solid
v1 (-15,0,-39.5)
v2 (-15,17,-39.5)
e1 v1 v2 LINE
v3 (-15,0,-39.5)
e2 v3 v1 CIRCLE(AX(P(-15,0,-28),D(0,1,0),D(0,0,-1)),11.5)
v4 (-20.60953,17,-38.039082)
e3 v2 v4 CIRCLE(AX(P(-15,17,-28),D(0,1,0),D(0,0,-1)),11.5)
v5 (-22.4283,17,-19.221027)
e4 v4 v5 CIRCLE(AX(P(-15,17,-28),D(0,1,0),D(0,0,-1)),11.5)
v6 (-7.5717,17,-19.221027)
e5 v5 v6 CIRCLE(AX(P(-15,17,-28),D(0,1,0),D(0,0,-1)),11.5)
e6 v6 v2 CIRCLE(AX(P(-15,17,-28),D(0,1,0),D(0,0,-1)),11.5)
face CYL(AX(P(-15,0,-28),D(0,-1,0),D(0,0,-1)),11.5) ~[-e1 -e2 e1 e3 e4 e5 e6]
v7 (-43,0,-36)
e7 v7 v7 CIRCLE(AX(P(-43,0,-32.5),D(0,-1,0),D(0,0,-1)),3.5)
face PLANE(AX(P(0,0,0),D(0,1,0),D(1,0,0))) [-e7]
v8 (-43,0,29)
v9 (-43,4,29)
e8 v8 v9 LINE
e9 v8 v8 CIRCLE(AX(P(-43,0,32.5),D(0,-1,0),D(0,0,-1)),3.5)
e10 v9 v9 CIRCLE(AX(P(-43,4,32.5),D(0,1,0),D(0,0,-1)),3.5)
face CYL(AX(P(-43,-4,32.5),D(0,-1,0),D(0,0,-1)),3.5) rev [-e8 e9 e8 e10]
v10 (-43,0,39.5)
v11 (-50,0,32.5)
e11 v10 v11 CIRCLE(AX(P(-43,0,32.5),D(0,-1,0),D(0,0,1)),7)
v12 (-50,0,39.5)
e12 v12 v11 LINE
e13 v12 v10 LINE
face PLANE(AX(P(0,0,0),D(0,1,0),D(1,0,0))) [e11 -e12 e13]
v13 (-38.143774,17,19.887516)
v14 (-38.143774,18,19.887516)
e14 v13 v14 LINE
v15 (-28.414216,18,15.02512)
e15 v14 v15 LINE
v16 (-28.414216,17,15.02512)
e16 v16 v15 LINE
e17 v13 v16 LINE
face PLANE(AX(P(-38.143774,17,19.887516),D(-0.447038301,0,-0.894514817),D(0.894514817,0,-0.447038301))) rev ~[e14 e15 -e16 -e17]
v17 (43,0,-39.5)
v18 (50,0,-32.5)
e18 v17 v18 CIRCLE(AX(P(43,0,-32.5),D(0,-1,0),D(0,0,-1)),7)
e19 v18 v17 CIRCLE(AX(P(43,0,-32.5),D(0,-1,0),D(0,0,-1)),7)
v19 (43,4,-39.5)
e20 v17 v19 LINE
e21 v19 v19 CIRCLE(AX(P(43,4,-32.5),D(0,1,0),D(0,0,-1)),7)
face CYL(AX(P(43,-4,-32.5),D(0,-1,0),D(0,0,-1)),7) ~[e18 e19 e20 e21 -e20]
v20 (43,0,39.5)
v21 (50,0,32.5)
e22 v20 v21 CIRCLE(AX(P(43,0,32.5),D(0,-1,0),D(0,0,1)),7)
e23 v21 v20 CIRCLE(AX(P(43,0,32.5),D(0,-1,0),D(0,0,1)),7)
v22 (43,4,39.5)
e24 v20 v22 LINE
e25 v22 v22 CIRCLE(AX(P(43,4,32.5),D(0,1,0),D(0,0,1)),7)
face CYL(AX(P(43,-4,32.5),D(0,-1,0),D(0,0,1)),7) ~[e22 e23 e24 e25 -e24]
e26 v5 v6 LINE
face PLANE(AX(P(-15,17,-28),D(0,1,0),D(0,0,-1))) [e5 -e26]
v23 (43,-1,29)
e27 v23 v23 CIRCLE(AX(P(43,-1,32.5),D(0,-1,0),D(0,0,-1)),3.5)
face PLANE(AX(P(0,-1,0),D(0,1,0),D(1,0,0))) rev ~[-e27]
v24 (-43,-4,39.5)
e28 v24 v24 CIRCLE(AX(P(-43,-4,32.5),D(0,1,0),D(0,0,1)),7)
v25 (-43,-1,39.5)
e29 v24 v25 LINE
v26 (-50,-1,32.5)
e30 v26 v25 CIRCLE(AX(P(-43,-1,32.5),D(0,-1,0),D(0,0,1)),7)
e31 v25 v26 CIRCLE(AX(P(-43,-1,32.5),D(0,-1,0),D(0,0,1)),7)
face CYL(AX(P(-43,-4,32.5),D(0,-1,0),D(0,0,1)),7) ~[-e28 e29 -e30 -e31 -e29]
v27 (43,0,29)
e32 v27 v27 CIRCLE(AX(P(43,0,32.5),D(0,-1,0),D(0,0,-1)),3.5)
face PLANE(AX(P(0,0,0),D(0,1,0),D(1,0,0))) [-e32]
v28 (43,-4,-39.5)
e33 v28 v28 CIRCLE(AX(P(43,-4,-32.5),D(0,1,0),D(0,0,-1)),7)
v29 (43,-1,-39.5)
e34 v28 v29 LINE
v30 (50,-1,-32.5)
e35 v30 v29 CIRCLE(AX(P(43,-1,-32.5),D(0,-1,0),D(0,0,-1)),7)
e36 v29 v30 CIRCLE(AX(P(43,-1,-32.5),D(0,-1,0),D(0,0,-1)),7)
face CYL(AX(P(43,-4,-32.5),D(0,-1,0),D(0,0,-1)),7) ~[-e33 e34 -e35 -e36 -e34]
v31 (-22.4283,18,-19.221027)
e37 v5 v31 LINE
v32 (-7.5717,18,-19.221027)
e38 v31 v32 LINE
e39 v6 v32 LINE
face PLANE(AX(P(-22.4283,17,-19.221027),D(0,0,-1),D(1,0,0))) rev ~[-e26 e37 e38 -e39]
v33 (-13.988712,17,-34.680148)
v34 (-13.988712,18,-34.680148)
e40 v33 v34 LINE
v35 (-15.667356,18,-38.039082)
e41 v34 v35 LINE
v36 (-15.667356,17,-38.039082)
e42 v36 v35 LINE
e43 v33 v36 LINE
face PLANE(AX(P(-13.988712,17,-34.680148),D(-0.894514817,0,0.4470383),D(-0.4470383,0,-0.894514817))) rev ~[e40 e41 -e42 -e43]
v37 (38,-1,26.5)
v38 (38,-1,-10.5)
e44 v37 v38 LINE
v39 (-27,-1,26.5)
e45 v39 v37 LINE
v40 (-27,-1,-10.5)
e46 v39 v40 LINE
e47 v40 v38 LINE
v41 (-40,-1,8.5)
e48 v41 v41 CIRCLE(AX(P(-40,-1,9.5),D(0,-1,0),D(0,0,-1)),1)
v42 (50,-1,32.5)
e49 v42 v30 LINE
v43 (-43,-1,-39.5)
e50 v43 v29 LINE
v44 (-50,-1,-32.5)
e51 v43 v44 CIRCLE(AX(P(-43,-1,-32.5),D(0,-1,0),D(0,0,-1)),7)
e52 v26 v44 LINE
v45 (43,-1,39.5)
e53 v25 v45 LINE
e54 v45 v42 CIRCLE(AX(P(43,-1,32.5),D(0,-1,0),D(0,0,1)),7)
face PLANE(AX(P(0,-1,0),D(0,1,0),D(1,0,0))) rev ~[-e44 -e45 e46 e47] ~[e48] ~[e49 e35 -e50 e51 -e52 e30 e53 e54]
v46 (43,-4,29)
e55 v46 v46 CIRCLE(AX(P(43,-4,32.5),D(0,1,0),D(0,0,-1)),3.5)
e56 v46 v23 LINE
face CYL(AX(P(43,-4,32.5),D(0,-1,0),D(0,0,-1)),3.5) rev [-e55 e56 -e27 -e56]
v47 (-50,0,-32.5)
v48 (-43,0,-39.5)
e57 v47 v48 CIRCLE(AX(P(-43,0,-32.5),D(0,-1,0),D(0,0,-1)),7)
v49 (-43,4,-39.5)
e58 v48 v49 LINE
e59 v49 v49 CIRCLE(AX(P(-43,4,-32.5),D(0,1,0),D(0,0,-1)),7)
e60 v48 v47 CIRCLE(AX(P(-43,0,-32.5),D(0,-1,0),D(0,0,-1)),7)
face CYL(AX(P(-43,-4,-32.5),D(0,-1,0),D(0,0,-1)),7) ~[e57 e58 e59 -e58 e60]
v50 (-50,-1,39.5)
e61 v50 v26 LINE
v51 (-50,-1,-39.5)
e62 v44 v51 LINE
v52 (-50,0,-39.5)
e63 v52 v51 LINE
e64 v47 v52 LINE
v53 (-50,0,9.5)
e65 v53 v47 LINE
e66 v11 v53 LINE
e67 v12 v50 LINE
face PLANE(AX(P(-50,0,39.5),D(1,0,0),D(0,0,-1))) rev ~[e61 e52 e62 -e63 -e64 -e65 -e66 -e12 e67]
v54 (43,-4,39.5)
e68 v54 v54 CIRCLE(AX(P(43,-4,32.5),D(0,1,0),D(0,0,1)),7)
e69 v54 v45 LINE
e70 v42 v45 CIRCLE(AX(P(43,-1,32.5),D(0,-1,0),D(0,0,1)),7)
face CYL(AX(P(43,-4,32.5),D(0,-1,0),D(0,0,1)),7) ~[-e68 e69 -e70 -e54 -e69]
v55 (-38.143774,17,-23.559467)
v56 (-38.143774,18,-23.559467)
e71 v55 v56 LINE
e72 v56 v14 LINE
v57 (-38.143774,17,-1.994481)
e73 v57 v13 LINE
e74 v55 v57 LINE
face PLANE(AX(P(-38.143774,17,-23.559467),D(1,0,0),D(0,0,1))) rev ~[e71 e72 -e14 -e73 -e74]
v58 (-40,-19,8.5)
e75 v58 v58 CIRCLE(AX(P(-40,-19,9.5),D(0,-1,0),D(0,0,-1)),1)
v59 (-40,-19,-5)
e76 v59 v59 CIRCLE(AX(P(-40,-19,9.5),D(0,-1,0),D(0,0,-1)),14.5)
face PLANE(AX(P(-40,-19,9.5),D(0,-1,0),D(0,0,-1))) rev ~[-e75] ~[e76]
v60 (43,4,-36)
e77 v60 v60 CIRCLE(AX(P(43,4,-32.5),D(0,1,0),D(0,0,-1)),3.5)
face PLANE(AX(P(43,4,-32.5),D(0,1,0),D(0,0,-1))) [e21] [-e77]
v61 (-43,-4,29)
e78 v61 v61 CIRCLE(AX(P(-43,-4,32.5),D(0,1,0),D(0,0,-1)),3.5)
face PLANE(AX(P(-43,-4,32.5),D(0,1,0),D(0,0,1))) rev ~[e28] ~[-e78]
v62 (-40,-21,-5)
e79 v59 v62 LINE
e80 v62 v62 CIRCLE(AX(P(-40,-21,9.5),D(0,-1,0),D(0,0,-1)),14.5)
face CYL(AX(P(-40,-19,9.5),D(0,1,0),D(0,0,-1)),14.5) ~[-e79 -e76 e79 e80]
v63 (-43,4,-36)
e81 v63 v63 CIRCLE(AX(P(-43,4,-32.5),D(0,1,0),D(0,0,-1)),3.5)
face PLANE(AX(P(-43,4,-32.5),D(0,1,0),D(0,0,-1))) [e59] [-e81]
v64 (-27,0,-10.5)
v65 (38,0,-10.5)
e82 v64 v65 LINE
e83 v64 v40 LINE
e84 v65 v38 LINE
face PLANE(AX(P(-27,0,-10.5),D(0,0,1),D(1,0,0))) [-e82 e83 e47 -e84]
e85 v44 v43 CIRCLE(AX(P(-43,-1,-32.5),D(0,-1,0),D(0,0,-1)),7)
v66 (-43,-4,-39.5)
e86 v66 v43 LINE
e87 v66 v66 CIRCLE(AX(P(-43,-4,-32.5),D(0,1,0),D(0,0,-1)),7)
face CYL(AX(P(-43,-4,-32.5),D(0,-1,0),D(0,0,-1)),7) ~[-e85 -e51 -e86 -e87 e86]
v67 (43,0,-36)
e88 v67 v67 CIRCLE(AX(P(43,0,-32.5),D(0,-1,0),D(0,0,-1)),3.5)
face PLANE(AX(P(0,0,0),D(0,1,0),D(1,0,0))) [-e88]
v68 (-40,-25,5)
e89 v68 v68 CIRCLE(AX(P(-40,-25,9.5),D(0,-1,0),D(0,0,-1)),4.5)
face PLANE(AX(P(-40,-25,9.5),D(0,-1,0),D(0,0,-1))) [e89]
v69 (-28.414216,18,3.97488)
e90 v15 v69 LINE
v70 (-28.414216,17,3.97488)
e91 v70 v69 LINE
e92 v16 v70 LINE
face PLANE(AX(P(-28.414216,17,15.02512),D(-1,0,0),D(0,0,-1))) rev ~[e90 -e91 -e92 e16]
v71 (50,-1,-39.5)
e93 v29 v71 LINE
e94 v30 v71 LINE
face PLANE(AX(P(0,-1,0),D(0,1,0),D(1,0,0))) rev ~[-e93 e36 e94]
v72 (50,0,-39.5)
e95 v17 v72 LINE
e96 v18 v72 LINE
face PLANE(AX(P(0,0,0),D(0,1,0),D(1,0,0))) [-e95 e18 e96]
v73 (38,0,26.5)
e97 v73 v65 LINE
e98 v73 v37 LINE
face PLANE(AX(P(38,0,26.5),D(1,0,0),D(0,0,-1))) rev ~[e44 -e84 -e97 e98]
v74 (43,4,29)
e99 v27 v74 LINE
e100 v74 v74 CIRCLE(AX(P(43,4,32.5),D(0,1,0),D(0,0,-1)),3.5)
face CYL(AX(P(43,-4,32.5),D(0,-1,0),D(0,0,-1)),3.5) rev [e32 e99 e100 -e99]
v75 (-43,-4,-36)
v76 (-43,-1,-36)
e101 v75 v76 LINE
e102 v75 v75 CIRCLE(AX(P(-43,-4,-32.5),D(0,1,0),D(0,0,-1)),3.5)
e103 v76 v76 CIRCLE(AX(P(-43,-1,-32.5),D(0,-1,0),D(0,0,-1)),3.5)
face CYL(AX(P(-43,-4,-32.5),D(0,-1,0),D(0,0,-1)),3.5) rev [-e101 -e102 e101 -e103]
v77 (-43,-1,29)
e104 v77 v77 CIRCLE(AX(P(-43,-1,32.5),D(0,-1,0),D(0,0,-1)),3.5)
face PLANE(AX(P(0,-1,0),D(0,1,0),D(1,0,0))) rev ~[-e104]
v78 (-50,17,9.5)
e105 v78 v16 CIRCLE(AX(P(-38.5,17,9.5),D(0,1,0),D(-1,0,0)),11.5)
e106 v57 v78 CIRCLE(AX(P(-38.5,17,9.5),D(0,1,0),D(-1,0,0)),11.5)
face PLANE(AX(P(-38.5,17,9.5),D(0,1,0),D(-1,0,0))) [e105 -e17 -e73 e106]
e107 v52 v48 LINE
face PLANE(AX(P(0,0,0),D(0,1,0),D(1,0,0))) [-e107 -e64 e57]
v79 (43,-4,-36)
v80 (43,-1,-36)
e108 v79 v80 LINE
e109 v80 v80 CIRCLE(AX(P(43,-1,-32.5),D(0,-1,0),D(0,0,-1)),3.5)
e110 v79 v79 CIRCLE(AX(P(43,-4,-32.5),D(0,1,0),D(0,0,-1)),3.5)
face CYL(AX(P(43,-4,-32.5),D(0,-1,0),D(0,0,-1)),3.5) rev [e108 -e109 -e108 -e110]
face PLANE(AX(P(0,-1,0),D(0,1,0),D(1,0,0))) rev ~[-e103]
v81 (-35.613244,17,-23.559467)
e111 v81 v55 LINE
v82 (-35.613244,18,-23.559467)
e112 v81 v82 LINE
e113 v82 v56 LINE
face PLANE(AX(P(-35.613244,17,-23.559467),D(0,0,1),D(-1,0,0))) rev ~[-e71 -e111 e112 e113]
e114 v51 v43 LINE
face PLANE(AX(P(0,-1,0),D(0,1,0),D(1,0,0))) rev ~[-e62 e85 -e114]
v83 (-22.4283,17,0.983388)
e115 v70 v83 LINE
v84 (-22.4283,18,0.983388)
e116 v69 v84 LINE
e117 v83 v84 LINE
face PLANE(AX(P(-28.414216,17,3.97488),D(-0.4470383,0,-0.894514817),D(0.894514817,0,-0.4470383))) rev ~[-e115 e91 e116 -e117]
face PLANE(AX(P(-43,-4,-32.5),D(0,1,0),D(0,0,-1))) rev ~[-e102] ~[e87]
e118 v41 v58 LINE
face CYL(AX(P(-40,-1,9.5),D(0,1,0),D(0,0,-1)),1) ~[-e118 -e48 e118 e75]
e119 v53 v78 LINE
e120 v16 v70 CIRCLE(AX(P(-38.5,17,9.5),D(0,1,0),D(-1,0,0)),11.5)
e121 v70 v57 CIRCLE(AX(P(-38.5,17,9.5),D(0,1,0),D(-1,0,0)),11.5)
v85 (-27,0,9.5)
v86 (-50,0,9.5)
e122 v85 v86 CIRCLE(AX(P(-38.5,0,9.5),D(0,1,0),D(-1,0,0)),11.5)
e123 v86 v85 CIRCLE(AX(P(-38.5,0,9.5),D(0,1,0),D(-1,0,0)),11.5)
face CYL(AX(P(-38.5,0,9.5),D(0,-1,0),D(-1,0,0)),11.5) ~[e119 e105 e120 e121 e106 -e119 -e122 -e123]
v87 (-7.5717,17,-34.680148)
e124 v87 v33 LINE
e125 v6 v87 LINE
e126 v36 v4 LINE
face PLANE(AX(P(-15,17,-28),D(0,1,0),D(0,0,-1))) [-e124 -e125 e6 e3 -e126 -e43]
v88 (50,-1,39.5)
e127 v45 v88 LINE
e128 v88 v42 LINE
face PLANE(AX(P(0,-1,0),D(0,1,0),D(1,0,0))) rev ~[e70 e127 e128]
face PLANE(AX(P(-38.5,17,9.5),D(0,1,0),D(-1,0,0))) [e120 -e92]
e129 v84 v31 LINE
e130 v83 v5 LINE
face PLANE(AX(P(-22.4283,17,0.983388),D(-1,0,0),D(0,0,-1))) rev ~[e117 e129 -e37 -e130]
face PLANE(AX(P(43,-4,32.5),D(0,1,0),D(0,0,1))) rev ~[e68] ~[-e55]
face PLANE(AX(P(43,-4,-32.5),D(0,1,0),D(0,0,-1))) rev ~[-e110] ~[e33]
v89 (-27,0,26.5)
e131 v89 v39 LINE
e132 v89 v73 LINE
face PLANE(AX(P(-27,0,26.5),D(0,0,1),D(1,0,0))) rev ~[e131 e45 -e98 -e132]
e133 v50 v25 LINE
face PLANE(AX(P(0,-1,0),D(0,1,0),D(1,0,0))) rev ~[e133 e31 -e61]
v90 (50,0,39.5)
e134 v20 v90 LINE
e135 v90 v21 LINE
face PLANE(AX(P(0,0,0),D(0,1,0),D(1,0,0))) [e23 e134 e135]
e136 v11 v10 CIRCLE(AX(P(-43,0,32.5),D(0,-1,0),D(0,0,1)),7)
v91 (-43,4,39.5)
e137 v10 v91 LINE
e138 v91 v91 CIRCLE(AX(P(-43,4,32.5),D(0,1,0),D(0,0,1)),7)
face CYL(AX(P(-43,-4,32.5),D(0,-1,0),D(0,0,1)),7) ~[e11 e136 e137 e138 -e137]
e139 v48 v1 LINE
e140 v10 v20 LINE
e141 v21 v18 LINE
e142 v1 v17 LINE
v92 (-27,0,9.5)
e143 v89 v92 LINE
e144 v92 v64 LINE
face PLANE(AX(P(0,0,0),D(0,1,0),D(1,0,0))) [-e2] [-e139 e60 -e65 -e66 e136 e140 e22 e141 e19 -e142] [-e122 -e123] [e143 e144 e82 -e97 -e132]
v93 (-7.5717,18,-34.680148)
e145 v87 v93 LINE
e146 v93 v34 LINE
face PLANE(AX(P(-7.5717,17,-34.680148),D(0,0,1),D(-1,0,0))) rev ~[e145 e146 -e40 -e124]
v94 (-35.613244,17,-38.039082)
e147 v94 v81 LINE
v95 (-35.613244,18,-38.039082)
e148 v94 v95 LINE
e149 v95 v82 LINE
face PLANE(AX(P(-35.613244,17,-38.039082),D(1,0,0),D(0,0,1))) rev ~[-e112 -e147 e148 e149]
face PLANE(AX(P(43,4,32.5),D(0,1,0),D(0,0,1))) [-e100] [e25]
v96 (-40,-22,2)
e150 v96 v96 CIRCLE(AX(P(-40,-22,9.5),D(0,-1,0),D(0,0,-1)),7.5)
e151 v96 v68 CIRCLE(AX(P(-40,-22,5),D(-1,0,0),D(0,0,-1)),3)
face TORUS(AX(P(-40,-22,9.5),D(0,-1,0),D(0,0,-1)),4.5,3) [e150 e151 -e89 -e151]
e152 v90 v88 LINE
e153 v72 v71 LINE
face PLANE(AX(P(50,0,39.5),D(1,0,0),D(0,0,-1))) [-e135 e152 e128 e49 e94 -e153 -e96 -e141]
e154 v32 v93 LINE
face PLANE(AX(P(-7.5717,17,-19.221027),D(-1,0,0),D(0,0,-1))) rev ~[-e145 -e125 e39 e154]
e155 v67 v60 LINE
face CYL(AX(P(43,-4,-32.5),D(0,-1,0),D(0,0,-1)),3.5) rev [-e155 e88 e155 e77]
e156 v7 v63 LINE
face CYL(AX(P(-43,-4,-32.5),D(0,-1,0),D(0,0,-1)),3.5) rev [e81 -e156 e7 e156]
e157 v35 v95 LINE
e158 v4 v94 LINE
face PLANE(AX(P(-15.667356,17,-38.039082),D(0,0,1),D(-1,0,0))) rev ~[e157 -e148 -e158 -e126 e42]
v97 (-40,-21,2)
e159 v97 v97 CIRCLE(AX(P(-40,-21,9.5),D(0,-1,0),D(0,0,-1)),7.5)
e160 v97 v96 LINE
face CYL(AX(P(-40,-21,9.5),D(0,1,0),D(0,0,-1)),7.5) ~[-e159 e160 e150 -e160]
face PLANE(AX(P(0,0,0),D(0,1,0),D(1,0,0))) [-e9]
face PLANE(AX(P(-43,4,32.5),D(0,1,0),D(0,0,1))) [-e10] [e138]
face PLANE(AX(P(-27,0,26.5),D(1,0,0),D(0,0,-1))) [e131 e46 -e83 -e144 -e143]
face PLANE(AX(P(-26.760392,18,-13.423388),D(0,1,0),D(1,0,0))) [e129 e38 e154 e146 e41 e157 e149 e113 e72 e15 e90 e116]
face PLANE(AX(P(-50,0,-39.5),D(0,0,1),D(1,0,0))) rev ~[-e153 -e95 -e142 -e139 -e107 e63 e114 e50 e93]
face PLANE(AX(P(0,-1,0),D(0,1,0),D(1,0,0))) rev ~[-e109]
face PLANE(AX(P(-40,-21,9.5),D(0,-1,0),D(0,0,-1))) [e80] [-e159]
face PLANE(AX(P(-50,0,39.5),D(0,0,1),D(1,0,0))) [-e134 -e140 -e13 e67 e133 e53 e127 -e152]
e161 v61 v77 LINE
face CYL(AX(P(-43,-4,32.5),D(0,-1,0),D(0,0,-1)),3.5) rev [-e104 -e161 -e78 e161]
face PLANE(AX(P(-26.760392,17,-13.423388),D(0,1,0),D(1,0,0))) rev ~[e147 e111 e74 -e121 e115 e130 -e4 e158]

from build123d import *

# Parameters (mm, degrees)
ESQUISSE4_W             = 100
ESQUISSE4_H             = 79
BOSS_EXTRU_3_DEPTH      = 1
BOSS_EXTRU_4_DEPTH      = 4
BOSS_EXTRU_4_DEPTH_BACK = 4
ESQUISSE1_R             = 7
ESQUISSE1_R_2           = 3.5
ESQUISSE6_R             = 11.5
BOSS_EXTRU_5_DEPTH      = 17
BOSS_EXTRU_6_DEPTH      = 1
ESQUISSE8_W             = 65
ESQUISSE8_H             = 37
ENL_V_MAT_EXTRU_1_DEPTH = 1
ESQUISSE9_R             = 1
BOSS_EXTRU_7_DEPTH      = 18
ESQUISSE10_R            = 14.5
BOSS_EXTRU_8_DEPTH      = 2
ESQUISSE11_R            = 7.5
BOSS_EXTRU_9_DEPTH      = 4
CONG_1_R                = 3


with BuildPart() as part:
    # Esquisse4 → Boss.-Extru.3 (new body)
    with BuildSketch(Plane(origin=(0, 0, 0), x_dir=(1, 0, 0), z_dir=(0, 1, 0))):
        Rectangle(ESQUISSE4_W, ESQUISSE4_H)
    extrude(amount=-BOSS_EXTRU_3_DEPTH)

    # Esquisse1 → Boss.-Extru.4 (add, two sides: drawn at the far end of the back side and taken through both)
    # profile 1 of 4: a face of its own
    with BuildSketch(Plane(origin=(0, 0, 0), x_dir=(1, 0, 0), z_dir=(0, 1, 0)).offset(-BOSS_EXTRU_4_DEPTH_BACK)):
        with Locations((-43, -32.5)):
            Circle(ESQUISSE1_R)
        with Locations((-43, -32.5)):
            Circle(ESQUISSE1_R_2, mode=Mode.SUBTRACT)
    # profile 2 of 4: a face of its own
    with BuildSketch(Plane(origin=(0, 0, 0), x_dir=(1, 0, 0), z_dir=(0, 1, 0)).offset(-BOSS_EXTRU_4_DEPTH_BACK)):
        with Locations((43, -32.5)):
            Circle(ESQUISSE1_R)
        with Locations((43, -32.5)):
            Circle(ESQUISSE1_R_2, mode=Mode.SUBTRACT)
    # profile 3 of 4: a face of its own
    with BuildSketch(Plane(origin=(0, 0, 0), x_dir=(1, 0, 0), z_dir=(0, 1, 0)).offset(-BOSS_EXTRU_4_DEPTH_BACK)):
        with Locations((-43, 32.5)):
            Circle(ESQUISSE1_R)
        with Locations((-43, 32.5)):
            Circle(ESQUISSE1_R_2, mode=Mode.SUBTRACT)
    # profile 4 of 4: a face of its own
    with BuildSketch(Plane(origin=(0, 0, 0), x_dir=(1, 0, 0), z_dir=(0, 1, 0)).offset(-BOSS_EXTRU_4_DEPTH_BACK)):
        with Locations((43, 32.5)):
            Circle(ESQUISSE1_R)
        with Locations((43, 32.5)):
            Circle(ESQUISSE1_R_2, mode=Mode.SUBTRACT)
    extrude(amount=BOSS_EXTRU_4_DEPTH + BOSS_EXTRU_4_DEPTH_BACK)

    # Esquisse6 → Boss.-Extru.5 (add)
    with BuildSketch(Plane(origin=(0, 0, 0), x_dir=(1, 0, 0), z_dir=(0, 1, 0))):
        with Locations((-38.5, -9.5)):
            Circle(ESQUISSE6_R)
        with Locations((-15, 28)):
            Circle(ESQUISSE6_R)
    extrude(amount=BOSS_EXTRU_5_DEPTH)

    # Esquisse7 → Boss.-Extru.6 (add)
    with BuildSketch(Plane(origin=(0, 17, 0), x_dir=(1, 0, 0), z_dir=(0, 1, 0))):
        Polygon((-38.143774149, -19.88751618), (-28.414215556, -15.025120102), (-28.414215556, -3.974879898), (-22.428299765, -0.98338823), (-22.428299765, 19.221027247), (-7.571700235, 19.221027247), (-7.571700235, 34.680148422), (-13.988712335, 34.680148422), (-15.667356388, 38.039082045), (-35.613243864, 38.039082045), (-35.613243864, 23.559466539), (-38.143774149, 23.559466539), (-38.143774149, 0), align=None)
    extrude(amount=BOSS_EXTRU_6_DEPTH)

    # Esquisse8 → Enlèv. mat.-Extru.1 (cut)
    with BuildSketch(Plane(origin=(0, 0, 0), x_dir=(1, 0, 0), z_dir=(0, 1, 0))):
        with Locations((5.5, -8)):
            Rectangle(ESQUISSE8_W, ESQUISSE8_H)
    extrude(amount=-ENL_V_MAT_EXTRU_1_DEPTH, mode=Mode.SUBTRACT)

    # Esquisse9 → Boss.-Extru.7 (add)
    with BuildSketch(Plane.XZ.offset(1)):
        with Locations((-40, 9.5)):
            Circle(ESQUISSE9_R)
    extrude(amount=BOSS_EXTRU_7_DEPTH)

    # Esquisse10 → Boss.-Extru.8 (add)
    with BuildSketch(Plane.XZ.offset(19)):
        with Locations((-40, 9.5)):
            Circle(ESQUISSE10_R)
    extrude(amount=BOSS_EXTRU_8_DEPTH)

    # Esquisse11 → Boss.-Extru.9 (add)
    with BuildSketch(Plane(origin=(0, -21, 0), x_dir=(-1, 0, 0), z_dir=(0, -1, 0))):
        with Locations((40, -9.5)):
            Circle(ESQUISSE11_R)
    extrude(amount=BOSS_EXTRU_9_DEPTH)

    # Congé1
    cong_1_edges = [part.edges().sort_by_distance(p)[0] for p in [
        (-32.5, -25, 9.5),
    ]]
    fillet(cong_1_edges, radius=CONG_1_R)


solid = part.part
